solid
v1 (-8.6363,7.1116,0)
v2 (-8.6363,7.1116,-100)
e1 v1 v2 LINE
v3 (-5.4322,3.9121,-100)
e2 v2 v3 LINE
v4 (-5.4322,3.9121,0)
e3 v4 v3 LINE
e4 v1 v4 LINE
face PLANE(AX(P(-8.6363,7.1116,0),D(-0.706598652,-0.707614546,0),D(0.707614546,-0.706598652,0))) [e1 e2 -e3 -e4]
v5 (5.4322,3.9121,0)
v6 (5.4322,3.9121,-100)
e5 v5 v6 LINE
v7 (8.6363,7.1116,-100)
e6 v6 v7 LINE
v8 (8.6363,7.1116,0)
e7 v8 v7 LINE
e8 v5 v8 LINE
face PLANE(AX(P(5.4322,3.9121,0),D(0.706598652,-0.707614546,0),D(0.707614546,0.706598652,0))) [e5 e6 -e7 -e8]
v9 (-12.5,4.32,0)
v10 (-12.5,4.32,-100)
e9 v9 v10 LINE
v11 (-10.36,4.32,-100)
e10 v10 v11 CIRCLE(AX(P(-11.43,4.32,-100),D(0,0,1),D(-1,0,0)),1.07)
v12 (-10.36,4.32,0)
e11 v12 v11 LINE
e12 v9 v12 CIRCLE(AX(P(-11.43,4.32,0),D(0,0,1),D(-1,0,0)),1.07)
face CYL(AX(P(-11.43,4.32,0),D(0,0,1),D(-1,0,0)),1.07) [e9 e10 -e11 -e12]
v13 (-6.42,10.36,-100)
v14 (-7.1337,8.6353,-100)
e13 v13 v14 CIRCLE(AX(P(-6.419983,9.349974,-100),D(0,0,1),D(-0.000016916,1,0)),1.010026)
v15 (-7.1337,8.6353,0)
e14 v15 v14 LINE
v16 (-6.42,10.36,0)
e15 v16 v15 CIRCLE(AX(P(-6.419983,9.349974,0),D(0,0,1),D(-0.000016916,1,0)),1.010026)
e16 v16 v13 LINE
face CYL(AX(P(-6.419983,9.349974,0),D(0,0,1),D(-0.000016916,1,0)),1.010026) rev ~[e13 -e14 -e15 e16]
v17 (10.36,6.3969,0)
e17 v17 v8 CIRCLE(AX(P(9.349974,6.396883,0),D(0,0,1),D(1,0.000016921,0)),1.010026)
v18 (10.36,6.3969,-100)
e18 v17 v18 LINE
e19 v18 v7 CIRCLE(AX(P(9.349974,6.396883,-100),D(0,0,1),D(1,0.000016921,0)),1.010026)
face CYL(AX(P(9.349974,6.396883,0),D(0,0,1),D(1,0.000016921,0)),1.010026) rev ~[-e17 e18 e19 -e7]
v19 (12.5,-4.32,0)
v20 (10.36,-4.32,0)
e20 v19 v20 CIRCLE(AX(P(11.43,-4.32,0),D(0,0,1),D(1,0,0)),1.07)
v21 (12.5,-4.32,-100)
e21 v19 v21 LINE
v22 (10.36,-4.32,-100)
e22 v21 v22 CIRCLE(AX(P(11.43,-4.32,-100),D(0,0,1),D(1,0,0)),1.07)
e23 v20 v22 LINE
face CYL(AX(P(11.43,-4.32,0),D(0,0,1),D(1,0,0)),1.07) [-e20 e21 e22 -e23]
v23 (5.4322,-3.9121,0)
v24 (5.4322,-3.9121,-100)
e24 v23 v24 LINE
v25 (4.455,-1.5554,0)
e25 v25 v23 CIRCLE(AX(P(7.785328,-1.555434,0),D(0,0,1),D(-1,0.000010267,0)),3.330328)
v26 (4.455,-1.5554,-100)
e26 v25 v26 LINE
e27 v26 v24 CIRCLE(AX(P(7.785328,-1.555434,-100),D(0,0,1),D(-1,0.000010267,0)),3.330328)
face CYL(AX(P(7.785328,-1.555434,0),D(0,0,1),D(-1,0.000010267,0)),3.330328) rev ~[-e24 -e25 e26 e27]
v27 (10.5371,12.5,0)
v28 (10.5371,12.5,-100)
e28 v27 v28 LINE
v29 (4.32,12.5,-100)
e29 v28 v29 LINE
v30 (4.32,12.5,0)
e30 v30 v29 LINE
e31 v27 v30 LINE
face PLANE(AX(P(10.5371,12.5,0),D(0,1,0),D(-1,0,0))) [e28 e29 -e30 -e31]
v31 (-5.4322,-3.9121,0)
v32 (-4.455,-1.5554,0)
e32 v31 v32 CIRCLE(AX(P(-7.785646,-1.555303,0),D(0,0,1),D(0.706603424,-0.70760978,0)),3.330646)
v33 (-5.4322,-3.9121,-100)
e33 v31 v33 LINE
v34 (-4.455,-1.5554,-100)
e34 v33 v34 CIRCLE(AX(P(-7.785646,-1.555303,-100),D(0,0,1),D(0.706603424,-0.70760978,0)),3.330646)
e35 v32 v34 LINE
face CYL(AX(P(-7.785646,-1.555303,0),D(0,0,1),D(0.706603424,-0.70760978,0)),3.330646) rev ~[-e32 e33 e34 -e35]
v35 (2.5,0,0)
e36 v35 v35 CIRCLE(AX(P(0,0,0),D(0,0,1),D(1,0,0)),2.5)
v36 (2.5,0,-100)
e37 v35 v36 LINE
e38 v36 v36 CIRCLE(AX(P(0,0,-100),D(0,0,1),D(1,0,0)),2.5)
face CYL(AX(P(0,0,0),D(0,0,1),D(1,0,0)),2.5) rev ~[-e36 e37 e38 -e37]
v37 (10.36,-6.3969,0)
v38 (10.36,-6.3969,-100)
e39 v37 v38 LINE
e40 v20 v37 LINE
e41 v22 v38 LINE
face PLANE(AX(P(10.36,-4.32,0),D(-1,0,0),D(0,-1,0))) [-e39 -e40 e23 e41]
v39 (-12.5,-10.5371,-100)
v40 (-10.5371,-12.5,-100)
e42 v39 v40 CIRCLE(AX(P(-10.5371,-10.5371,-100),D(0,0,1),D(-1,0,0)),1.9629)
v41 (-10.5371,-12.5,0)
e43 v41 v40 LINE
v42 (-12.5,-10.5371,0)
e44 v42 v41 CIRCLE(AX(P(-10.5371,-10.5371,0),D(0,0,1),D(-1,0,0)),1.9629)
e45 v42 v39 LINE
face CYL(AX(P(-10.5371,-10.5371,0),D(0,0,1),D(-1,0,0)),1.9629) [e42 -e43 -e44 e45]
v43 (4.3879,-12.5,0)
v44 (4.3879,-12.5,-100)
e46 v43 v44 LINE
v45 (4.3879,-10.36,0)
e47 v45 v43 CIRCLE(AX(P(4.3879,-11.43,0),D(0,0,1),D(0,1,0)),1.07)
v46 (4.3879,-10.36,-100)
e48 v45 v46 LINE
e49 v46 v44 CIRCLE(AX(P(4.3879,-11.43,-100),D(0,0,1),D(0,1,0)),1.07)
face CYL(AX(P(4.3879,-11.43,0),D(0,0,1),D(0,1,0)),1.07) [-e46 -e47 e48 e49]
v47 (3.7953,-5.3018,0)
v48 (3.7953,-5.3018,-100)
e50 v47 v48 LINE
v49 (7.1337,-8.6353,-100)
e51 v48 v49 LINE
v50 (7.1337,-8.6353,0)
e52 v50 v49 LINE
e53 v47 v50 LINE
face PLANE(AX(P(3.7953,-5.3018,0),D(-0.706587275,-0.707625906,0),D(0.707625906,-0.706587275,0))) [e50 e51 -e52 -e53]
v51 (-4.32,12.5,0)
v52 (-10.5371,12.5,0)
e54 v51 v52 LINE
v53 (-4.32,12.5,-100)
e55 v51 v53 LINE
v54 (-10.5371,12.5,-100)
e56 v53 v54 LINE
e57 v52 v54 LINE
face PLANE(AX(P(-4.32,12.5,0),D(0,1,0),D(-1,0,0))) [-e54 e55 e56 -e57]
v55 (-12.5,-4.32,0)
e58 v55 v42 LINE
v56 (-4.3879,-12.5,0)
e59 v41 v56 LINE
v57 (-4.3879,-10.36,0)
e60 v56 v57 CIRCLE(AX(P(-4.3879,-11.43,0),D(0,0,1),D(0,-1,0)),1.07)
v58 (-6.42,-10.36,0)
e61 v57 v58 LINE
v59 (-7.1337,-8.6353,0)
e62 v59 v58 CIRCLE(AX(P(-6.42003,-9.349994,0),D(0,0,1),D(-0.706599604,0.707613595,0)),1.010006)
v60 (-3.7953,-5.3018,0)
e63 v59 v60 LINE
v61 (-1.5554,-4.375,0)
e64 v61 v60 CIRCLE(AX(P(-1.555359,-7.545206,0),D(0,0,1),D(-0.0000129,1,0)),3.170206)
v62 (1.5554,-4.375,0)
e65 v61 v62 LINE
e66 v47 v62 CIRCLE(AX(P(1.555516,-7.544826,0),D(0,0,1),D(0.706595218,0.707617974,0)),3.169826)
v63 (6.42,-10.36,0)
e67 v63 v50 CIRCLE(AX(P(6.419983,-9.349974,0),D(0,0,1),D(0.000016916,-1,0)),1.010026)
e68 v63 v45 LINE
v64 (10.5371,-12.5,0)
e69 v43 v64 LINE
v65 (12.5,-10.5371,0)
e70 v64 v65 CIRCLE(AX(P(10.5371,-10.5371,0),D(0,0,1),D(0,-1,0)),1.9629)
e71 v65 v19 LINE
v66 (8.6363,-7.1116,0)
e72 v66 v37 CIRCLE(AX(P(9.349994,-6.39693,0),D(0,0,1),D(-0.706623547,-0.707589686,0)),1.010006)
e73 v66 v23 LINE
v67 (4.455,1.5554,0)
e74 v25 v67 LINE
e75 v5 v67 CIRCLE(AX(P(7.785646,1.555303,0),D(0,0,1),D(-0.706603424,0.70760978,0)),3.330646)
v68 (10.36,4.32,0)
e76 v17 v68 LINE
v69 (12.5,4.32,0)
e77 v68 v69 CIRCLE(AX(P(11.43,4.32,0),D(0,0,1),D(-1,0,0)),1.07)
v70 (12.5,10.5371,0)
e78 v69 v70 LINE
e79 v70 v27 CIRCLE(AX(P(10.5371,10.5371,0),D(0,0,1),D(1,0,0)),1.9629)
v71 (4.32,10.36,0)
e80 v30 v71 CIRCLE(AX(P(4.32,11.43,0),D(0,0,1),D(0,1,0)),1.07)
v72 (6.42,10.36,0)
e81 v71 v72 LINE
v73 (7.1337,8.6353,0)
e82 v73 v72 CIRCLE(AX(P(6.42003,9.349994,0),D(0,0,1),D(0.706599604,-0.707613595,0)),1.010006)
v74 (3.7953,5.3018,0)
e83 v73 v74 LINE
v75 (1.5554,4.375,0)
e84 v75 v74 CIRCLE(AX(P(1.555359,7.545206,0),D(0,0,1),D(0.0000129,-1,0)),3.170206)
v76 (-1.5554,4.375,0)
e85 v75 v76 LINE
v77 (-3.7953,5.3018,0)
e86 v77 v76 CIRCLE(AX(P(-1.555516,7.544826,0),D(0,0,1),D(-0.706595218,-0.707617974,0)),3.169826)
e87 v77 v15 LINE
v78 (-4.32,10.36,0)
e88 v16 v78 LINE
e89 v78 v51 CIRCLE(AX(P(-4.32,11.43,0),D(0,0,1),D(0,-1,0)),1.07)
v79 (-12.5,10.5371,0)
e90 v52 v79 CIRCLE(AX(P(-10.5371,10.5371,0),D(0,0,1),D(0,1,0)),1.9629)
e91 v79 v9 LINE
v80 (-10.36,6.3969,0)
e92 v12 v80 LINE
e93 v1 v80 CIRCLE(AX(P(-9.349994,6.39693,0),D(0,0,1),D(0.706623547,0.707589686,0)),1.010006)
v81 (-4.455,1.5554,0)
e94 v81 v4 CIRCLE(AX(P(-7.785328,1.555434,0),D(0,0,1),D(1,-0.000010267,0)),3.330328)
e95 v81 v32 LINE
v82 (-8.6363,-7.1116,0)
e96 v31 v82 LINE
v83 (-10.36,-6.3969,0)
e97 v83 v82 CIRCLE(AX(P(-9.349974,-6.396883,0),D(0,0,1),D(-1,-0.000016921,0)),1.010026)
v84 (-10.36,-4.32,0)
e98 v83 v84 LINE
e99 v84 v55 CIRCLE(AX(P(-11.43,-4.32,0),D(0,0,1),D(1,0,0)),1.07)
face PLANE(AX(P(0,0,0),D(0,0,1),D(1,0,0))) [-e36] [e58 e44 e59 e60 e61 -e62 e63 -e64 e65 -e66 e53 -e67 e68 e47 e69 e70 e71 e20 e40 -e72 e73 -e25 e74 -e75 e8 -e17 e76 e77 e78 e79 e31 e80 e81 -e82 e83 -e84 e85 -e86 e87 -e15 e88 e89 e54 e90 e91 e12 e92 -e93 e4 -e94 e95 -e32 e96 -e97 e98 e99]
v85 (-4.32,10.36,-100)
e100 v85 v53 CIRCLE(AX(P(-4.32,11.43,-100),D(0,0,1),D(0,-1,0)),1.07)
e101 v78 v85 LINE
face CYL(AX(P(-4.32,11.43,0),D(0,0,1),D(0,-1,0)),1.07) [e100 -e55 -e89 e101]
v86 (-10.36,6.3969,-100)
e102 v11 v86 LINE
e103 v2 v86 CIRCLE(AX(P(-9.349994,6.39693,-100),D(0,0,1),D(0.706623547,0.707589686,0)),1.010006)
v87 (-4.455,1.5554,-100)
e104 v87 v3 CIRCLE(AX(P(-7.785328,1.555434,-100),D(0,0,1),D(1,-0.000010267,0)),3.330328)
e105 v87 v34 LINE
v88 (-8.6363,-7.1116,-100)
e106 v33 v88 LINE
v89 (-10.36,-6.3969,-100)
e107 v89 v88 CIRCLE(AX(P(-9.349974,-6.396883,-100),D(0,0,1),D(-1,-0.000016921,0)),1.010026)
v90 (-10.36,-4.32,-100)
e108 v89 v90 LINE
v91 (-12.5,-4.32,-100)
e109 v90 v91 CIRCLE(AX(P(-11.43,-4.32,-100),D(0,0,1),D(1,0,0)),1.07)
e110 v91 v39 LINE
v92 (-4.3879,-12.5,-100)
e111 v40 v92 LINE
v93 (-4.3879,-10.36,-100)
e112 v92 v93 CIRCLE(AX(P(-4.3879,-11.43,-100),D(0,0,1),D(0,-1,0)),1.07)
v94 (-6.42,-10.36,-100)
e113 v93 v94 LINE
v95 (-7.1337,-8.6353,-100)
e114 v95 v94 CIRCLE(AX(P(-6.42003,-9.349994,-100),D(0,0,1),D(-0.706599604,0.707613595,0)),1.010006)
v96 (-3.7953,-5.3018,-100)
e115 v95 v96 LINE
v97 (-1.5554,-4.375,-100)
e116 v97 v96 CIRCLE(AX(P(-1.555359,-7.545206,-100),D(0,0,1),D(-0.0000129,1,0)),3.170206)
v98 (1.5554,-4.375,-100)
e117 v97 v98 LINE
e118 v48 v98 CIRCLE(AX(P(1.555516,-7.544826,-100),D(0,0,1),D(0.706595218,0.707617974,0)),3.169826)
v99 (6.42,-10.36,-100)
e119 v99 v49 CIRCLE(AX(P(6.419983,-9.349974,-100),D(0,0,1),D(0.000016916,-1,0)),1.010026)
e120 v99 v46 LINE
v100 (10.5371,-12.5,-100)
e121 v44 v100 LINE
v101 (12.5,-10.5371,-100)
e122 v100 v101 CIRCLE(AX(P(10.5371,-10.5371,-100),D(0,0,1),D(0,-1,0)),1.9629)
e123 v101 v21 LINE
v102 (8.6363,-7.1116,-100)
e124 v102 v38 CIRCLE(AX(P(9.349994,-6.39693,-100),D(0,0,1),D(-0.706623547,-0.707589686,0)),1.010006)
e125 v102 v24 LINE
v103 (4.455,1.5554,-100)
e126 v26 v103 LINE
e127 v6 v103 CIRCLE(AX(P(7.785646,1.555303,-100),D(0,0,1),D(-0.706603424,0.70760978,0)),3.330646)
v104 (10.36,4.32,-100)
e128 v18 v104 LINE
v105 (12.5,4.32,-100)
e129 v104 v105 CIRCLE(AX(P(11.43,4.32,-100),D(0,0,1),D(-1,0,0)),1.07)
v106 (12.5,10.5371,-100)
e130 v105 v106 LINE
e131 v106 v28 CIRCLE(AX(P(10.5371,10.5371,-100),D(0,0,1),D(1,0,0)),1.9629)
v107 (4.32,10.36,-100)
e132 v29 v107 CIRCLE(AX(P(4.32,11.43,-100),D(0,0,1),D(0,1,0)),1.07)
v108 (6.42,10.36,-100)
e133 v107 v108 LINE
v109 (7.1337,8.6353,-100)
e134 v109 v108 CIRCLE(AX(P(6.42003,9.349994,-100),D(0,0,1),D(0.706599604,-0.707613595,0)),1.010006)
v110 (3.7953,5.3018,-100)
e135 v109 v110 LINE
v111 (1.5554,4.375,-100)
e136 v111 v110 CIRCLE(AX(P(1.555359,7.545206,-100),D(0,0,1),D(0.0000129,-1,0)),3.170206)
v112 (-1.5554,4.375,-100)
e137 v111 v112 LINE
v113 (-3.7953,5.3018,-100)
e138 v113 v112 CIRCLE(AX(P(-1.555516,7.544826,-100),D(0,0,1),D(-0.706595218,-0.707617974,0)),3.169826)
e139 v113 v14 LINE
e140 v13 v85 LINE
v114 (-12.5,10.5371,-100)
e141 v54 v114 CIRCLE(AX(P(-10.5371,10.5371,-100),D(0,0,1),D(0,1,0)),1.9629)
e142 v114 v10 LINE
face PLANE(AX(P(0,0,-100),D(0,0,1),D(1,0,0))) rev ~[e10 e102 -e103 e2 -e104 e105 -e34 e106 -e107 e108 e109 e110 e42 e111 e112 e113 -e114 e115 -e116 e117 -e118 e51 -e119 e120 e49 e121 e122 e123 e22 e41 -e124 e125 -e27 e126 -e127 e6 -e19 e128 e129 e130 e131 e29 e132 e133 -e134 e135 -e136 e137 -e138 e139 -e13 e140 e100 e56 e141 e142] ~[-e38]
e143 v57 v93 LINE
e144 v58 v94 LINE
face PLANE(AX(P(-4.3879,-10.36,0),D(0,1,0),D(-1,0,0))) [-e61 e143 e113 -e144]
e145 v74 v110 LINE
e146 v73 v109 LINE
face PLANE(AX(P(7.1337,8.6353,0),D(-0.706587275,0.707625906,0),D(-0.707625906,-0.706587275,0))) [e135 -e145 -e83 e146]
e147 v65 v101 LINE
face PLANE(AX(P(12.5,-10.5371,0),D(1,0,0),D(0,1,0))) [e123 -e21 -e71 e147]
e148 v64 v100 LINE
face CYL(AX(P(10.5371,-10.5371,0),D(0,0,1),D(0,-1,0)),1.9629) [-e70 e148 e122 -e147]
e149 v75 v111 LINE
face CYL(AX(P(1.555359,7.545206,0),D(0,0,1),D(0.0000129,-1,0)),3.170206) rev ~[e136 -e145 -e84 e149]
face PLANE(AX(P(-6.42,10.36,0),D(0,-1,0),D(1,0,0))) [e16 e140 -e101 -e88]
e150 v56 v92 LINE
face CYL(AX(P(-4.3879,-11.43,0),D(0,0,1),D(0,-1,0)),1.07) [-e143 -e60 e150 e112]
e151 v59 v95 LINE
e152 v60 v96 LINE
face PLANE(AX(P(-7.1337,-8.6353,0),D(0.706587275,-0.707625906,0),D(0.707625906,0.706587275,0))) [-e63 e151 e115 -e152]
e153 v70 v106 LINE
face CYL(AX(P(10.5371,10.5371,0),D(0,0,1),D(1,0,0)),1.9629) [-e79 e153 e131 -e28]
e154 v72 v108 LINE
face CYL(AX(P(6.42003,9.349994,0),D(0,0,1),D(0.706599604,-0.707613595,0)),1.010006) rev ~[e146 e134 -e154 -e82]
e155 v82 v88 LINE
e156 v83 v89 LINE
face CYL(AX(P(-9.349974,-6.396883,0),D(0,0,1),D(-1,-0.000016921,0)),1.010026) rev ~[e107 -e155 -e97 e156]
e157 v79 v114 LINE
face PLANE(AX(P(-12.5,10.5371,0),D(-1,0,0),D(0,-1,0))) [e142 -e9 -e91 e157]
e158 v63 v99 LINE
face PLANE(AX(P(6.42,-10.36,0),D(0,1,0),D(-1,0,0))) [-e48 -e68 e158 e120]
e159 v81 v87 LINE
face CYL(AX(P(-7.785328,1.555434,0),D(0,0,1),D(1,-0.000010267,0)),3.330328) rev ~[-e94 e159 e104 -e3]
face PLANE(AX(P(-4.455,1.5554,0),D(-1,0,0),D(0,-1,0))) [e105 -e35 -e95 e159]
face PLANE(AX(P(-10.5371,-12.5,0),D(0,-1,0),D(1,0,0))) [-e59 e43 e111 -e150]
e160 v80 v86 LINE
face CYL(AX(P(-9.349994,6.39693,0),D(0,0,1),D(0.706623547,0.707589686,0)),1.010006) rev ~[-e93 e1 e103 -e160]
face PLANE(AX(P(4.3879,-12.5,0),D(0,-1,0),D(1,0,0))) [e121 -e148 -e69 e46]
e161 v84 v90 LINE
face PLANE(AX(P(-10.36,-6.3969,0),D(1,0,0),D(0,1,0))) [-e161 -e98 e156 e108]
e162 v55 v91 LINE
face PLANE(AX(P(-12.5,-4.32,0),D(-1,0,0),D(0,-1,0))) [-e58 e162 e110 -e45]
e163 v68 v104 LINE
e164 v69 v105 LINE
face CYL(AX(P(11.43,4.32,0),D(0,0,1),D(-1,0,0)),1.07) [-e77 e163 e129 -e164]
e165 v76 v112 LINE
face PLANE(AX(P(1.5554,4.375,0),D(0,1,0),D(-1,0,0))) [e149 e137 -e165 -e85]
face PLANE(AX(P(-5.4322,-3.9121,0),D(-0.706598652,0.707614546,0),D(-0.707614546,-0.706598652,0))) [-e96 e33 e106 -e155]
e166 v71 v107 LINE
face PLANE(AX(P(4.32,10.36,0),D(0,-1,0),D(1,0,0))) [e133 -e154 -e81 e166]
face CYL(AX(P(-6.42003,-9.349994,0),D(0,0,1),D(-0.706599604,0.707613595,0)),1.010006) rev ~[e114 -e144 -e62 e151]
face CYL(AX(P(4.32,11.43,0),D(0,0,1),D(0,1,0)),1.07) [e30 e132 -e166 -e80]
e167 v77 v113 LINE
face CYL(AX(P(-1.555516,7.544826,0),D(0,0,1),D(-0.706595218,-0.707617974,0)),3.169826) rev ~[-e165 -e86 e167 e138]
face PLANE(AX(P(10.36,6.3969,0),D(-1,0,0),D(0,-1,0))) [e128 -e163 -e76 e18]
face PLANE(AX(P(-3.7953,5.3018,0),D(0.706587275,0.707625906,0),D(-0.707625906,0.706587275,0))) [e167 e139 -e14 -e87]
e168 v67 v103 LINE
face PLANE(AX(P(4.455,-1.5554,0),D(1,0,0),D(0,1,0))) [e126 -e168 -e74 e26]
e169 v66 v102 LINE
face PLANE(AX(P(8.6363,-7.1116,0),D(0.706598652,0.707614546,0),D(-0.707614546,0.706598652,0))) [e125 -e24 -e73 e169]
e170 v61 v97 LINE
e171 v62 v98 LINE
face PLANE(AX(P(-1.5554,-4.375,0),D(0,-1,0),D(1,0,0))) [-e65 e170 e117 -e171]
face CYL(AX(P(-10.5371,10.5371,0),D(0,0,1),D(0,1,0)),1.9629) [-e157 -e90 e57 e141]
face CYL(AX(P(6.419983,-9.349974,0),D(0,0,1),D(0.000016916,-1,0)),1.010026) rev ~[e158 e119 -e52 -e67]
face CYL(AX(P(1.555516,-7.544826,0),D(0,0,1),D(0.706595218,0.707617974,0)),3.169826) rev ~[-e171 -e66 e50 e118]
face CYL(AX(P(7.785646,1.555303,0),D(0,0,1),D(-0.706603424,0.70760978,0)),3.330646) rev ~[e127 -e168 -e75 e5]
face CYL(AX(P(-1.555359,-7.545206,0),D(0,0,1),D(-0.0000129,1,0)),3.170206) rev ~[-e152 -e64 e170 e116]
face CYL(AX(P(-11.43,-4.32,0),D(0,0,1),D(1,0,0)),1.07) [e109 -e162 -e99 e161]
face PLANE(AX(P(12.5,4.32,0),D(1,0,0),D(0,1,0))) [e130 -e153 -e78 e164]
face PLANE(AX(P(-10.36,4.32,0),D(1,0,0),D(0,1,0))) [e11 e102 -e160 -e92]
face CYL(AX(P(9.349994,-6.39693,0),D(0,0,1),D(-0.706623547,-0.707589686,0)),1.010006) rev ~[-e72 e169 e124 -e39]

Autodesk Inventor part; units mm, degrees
ref_plane "YZ Plane" through (0, 0, 0) normal (1, 0, 0) x (0, 1, 0)
ref_plane "XZ Plane" through (0, 0, 0) normal (0, 1, 0) x (-1, 0, 0)
ref_plane "XY Plane" through (0, 0, 0) normal (0, 0, 1) x (1, 0, 0)
sketch "Sketch1" plane through (0, 0, 0) normal (0, 0, 1) x (1, 0, 0)
  circle A0 centre (0, 0) radius 2.5
  arc A1 (-8.6363, 7.1116) -> (-10.36, 6.3969) centre (-9.35, 6.3969) ccw
  line L0 (-8.6363, 7.1116) -> (-5.4322, 3.9121)
  arc A2 (-4.455, 1.5554) -> (-5.4322, 3.9121) centre (-7.7855, 1.5554) ccw
  line L1 (-4.455, 1.5554) -> (-4.455, -1.5554)
  arc A3 (-5.4322, -3.9121) -> (-4.455, -1.5554) centre (-7.7855, -1.5554) ccw
  line L2 (-5.4322, -3.9121) -> (-8.6363, -7.1116)
  arc A4 (-10.36, -6.3969) -> (-8.6363, -7.1116) centre (-9.35, -6.3969) ccw
  line L3 (-10.36, -6.3969) -> (-10.36, -4.32)
  arc A5 (-10.36, -4.32) -> (-12.5, -4.32) centre (-11.43, -4.32) ccw
  line L4 (-12.5, -4.32) -> (-12.5, -10.5371)
  arc A6 (-12.5, -10.5371) -> (-10.5371, -12.5) centre (-10.5371, -10.5371) ccw
  line L5 (-10.5371, -12.5) -> (-4.3879, -12.5)
  arc A7 (-4.3879, -12.5) -> (-4.3879, -10.36) centre (-4.3879, -11.43) ccw
  line L6 (-4.3879, -10.36) -> (-6.42, -10.36)
  arc A8 (-7.1337, -8.6353) -> (-6.42, -10.36) centre (-6.42, -9.35) ccw
  line L7 (-7.1337, -8.6353) -> (-3.7953, -5.3018)
  arc A9 (-1.5554, -4.375) -> (-3.7953, -5.3018) centre (-1.5554, -7.545) ccw
  line L8 (-1.5554, -4.375) -> (1.5554, -4.375)
  arc A10 (3.7953, -5.3018) -> (1.5554, -4.375) centre (1.5554, -7.545) ccw
  line L9 (3.7953, -5.3018) -> (7.1337, -8.6353)
  arc A11 (6.42, -10.36) -> (7.1337, -8.6353) centre (6.42, -9.35) ccw
  line L10 (6.42, -10.36) -> (4.3879, -10.36)
  arc A12 (4.3879, -10.36) -> (4.3879, -12.5) centre (4.3879, -11.43) ccw
  line L11 (4.3879, -12.5) -> (10.5371, -12.5)
  arc A13 (10.5371, -12.5) -> (12.5, -10.5371) centre (10.5371, -10.5371) ccw
  line L12 (12.5, -10.5371) -> (12.5, -4.32)
  arc A14 (12.5, -4.32) -> (10.36, -4.32) centre (11.43, -4.32) ccw
  line L13 (10.36, -4.32) -> (10.36, -6.3969)
  arc A15 (8.6363, -7.1116) -> (10.36, -6.3969) centre (9.35, -6.3969) ccw
  line L14 (8.6363, -7.1116) -> (5.4322, -3.9121)
  arc A16 (4.455, -1.5554) -> (5.4322, -3.9121) centre (7.7855, -1.5554) ccw
  line L15 (4.455, -1.5554) -> (4.455, 1.5554)
  arc A17 (5.4322, 3.9121) -> (4.455, 1.5554) centre (7.7855, 1.5554) ccw
  line L16 (5.4322, 3.9121) -> (8.6363, 7.1116)
  arc A18 (10.36, 6.3969) -> (8.6363, 7.1116) centre (9.35, 6.3969) ccw
  line L17 (10.36, 6.3969) -> (10.36, 4.32)
  arc A19 (10.36, 4.32) -> (12.5, 4.32) centre (11.43, 4.32) ccw
  line L18 (12.5, 4.32) -> (12.5, 10.5371)
  arc A20 (12.5, 10.5371) -> (10.5371, 12.5) centre (10.5371, 10.5371) ccw
  line L19 (10.5371, 12.5) -> (4.32, 12.5)
  arc A21 (4.32, 12.5) -> (4.32, 10.36) centre (4.32, 11.43) ccw
  line L20 (4.32, 10.36) -> (6.42, 10.36)
  arc A22 (7.1337, 8.6353) -> (6.42, 10.36) centre (6.42, 9.35) ccw
  line L21 (7.1337, 8.6353) -> (3.7953, 5.3018)
  arc A23 (1.5554, 4.375) -> (3.7953, 5.3018) centre (1.5554, 7.545) ccw
  line L22 (1.5554, 4.375) -> (-1.5554, 4.375)
  arc A24 (-3.7953, 5.3018) -> (-1.5554, 4.375) centre (-1.5554, 7.545) ccw
  line L23 (-3.7953, 5.3018) -> (-7.1337, 8.6353)
  arc A25 (-6.42, 10.36) -> (-7.1337, 8.6353) centre (-6.42, 9.35) ccw
  line L24 (-6.42, 10.36) -> (-4.32, 10.36)
  arc A26 (-4.32, 10.36) -> (-4.32, 12.5) centre (-4.32, 11.43) ccw
  line L25 (-4.32, 12.5) -> (-10.5371, 12.5)
  arc A27 (-10.5371, 12.5) -> (-12.5, 10.5371) centre (-10.5371, 10.5371) ccw
  line L26 (-12.5, 10.5371) -> (-12.5, 4.32)
  arc A28 (-12.5, 4.32) -> (-10.36, 4.32) centre (-11.43, 4.32) ccw
  line L27 (-10.36, 4.32) -> (-10.36, 6.3969)
extrude "Extrusion1" add sketch "Sketch1" against normal blind 100
properties part number "25-2525-BLACK-FB"
